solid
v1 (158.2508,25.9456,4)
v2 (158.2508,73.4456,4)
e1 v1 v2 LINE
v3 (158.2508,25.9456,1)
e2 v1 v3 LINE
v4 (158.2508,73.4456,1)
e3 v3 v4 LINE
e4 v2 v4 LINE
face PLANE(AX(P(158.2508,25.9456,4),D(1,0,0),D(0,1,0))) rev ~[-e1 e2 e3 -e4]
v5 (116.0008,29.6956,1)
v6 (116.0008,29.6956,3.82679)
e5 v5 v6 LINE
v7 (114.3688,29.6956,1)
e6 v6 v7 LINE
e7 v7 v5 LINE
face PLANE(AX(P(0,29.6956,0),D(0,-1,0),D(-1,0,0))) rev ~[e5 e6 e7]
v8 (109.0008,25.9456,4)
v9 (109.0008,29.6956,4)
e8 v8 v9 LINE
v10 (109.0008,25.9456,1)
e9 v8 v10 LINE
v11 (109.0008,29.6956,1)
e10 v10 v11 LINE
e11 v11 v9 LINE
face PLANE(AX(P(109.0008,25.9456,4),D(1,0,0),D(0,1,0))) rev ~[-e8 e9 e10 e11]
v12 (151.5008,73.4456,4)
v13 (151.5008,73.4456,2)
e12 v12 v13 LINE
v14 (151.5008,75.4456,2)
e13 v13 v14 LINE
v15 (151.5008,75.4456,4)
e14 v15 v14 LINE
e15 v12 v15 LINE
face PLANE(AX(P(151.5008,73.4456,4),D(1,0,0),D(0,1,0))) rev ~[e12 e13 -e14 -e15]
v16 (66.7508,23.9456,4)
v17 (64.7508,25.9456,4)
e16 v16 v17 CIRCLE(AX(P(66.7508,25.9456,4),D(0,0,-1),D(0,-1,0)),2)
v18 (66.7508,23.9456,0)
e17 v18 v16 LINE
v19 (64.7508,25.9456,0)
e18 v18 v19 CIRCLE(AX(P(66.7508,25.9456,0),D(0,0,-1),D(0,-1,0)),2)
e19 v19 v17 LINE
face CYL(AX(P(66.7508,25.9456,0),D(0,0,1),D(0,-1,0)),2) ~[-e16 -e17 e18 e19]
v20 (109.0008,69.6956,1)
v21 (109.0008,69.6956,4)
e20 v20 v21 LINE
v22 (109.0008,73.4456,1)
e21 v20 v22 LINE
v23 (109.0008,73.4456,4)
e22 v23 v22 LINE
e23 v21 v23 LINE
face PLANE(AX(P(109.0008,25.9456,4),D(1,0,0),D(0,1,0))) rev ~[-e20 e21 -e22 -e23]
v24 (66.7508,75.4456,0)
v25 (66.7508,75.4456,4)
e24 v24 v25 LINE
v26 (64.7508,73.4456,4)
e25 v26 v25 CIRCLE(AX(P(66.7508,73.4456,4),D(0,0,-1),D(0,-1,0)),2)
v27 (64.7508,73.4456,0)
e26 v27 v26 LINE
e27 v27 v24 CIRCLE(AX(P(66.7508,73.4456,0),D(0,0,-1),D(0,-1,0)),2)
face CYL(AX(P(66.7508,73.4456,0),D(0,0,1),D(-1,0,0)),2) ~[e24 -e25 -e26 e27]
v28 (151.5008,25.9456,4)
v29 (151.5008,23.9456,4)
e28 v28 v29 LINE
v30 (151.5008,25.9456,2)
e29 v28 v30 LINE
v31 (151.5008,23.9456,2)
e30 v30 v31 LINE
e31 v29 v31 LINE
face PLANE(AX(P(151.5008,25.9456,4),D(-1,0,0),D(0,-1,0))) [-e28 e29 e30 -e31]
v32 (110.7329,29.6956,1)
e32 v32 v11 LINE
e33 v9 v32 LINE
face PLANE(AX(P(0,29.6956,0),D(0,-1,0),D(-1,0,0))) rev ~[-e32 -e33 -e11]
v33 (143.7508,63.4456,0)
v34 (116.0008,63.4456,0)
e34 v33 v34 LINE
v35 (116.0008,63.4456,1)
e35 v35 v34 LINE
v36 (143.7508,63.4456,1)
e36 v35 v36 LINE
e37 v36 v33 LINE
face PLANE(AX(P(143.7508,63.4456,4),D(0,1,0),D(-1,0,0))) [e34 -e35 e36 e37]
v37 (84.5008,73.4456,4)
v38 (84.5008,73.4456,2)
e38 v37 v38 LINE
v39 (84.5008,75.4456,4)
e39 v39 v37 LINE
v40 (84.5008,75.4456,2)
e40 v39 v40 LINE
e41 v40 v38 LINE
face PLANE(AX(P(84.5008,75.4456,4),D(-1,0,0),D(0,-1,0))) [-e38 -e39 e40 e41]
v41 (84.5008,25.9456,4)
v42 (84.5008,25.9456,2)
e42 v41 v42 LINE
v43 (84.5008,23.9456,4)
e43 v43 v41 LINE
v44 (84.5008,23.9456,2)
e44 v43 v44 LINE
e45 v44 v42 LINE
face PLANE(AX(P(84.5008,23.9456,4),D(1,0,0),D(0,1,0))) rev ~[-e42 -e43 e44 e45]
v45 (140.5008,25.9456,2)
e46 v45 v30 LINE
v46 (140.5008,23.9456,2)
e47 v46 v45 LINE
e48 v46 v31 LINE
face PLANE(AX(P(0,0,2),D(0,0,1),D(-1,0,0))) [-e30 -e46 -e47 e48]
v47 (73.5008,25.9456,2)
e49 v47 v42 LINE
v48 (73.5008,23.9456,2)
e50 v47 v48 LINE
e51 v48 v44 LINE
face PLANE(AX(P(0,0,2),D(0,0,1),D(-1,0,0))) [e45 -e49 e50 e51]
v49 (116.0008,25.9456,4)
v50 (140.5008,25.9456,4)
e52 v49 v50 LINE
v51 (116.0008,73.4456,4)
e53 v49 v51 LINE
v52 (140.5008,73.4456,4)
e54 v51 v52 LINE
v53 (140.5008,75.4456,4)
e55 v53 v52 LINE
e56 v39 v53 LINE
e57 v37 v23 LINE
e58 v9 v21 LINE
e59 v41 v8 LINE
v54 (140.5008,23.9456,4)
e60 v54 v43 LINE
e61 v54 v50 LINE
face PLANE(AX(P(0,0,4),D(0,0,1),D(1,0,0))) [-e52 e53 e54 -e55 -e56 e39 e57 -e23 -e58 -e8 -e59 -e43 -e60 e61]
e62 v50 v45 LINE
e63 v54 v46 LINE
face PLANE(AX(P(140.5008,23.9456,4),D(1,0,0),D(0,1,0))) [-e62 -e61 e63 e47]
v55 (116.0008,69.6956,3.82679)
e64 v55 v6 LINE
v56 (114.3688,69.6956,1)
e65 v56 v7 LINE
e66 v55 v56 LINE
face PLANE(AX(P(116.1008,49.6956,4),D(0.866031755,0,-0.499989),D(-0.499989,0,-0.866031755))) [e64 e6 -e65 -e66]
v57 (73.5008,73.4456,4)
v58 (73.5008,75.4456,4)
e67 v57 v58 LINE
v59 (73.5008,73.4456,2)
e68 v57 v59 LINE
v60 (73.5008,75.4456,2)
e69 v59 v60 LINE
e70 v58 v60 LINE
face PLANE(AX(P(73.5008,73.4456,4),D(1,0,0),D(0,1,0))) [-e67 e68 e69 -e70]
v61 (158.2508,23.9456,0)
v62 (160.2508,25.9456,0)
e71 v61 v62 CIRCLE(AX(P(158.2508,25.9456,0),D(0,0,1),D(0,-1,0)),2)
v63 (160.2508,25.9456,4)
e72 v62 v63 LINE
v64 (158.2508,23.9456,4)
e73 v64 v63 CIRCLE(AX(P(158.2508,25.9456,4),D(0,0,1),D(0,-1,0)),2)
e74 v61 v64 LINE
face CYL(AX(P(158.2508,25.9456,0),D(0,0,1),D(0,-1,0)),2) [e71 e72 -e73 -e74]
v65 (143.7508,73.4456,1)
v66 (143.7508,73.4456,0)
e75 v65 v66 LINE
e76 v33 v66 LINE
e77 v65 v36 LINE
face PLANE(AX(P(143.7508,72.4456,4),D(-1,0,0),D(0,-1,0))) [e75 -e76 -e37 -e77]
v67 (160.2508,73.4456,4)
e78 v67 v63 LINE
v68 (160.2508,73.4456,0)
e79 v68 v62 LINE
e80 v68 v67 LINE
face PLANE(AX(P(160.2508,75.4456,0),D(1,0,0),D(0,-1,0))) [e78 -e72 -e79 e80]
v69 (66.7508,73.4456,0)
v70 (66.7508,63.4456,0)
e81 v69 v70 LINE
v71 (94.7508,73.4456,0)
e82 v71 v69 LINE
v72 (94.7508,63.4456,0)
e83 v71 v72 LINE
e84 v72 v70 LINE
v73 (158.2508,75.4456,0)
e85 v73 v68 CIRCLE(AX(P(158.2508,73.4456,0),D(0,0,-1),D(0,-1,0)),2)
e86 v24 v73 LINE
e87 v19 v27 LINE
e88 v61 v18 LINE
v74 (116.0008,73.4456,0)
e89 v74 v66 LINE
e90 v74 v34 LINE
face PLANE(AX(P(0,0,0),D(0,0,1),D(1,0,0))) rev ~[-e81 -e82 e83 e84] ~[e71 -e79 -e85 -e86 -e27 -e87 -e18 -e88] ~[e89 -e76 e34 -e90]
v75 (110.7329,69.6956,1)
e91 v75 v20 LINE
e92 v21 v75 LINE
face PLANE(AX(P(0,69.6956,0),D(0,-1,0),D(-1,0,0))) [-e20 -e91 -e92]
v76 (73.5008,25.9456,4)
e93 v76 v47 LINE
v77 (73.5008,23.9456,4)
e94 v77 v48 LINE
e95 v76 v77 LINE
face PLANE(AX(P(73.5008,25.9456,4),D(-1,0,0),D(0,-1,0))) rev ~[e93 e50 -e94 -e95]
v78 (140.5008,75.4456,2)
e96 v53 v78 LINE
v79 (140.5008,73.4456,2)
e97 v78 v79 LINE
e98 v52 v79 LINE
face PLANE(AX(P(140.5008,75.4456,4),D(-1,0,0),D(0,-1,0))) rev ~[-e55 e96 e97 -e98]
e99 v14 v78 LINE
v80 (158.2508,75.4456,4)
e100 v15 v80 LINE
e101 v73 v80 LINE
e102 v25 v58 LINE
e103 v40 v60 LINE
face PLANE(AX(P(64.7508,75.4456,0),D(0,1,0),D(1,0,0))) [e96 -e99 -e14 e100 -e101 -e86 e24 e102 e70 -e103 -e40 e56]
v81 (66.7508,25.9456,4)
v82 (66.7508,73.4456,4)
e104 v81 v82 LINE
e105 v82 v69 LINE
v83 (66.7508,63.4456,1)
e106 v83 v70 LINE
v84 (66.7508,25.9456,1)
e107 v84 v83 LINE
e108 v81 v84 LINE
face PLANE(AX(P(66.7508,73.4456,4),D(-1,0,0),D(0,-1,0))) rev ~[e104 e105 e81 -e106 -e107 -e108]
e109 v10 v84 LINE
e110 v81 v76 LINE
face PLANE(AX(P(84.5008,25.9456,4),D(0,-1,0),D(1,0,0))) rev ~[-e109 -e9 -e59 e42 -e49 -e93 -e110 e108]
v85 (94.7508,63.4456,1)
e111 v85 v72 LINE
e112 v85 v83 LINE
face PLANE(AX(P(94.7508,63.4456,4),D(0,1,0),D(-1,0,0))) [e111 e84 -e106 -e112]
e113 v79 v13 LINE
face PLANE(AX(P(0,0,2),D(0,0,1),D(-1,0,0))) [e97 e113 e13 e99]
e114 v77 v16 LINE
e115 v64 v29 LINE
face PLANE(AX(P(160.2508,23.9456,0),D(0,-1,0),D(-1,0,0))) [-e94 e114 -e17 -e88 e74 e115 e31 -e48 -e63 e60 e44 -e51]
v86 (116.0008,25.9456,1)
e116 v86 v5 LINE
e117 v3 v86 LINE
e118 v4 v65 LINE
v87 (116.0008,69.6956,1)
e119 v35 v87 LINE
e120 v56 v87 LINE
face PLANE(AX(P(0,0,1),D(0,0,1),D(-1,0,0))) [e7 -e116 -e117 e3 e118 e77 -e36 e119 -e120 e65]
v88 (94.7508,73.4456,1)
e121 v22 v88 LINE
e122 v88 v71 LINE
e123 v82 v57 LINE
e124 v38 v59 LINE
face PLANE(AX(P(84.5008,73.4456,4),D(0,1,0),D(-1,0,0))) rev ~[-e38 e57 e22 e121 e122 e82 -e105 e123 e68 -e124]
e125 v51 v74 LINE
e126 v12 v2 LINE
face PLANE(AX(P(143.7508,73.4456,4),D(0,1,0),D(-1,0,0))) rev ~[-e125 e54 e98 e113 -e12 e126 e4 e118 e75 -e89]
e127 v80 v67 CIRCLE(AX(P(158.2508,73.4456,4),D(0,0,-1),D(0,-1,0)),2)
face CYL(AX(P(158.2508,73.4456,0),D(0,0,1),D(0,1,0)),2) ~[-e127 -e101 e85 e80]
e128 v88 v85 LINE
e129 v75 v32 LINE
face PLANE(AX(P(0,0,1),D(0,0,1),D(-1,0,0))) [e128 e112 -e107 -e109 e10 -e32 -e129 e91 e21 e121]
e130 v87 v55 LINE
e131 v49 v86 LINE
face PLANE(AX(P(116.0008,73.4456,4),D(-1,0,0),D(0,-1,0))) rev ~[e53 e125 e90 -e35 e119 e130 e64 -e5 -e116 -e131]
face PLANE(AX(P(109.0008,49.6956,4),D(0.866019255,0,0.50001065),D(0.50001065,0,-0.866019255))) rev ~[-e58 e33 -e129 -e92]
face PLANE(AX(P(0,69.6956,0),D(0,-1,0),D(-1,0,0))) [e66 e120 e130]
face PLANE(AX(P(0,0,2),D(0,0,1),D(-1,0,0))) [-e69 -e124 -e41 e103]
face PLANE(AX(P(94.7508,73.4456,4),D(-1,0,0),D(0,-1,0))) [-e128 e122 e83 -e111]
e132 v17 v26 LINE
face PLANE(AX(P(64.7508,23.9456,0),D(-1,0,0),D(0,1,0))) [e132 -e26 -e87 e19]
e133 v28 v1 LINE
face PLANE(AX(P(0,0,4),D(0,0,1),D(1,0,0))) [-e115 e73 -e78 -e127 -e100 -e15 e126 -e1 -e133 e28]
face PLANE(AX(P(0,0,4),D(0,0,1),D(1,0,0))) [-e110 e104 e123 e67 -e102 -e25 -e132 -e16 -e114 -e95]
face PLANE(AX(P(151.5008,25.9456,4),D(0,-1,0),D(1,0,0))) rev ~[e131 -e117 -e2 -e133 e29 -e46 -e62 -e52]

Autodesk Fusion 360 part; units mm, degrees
sketch "Schizzo1" plane through (0, 0, 0) normal (0, 0, 1) x (1, 0, 0)
  line L0 (64.6508, 75.5456) -> (160.3508, 75.5456) construction
  line L1 (160.3508, 75.5456) -> (160.3508, 23.8456) construction
  line L2 (160.3508, 23.8456) -> (64.6508, 23.8456) construction
  line L3 (64.6508, 23.8456) -> (64.6508, 75.5456) construction
  line L4 (64.6508, 49.6956) -> (160.3508, 49.6956) construction
  line L5 (112.5008, 75.5456) -> (112.5008, 23.8456) construction
  line L6 (160.2508, 23.9456) -> (64.7508, 23.9456)
  line L7 (64.7508, 23.9456) -> (64.7508, 75.4456)
  line L8 (64.7508, 75.4456) -> (160.2508, 75.4456)
  line L9 (160.2508, 75.4456) -> (160.2508, 23.9456)
  line L10 (160.2508, 23.9456) -> (64.7508, 75.4456) construction
  line L11 (64.7508, 23.9456) -> (160.2508, 75.4456) construction
  line L12 (146.3653, 67.9576) -> (78.6363, 31.4336) construction
  line L13 (78.6363, 67.9576) -> (146.3653, 31.4336) construction
  point P0 (112.5008, 49.6956)
  point P1 (112.5008, 49.6956)
  dimension "d1" = 95.7
  dimension "d2" = 51.7
  dimension "d3" = 0.1
  dimension "d4" = 0.1
extrude "Estrusione1" add sketch "Schizzo1" along normal blind 4
fillet "Raccordo1" radius 2 4 edges at (64.7508, 23.9456, 2) (64.7508, 75.4456, 2) (160.2508, 23.9456, 2) (160.2508, 75.4456, 2)
sketch "Schizzo2" plane through (0, 0, 4) normal (0, 0, 1) x (-1, 0, 0)
  arc A0 (-160.2508, -73.4456) -> (-158.2508, -75.4456) centre (-158.2508, -73.4456) ccw
  line L0 (-158.2508, -75.4456) -> (-66.7508, -75.4456)
  arc A1 (-66.7508, -75.4456) -> (-64.7508, -73.4456) centre (-66.7508, -73.4456) ccw
  line L1 (-64.7508, -73.4456) -> (-64.7508, -25.9456)
  arc A2 (-64.7508, -25.9456) -> (-66.7508, -23.9456) centre (-66.7508, -25.9456) ccw
  line L2 (-66.7508, -23.9456) -> (-158.2508, -23.9456)
  arc A3 (-158.2508, -23.9456) -> (-160.2508, -25.9456) centre (-158.2508, -25.9456) ccw
  line L3 (-160.2508, -25.9456) -> (-160.2508, -73.4456)
  line L4 (-64.7508, -75.4456) -> (-160.2508, -75.4456) construction
  line L5 (-160.2508, -75.4456) -> (-160.2508, -23.9456) construction
  line L6 (-160.2508, -23.9456) -> (-64.7508, -23.9456) construction
  line L7 (-64.7508, -23.9456) -> (-64.7508, -75.4456) construction
  line L8 (-64.7508, -49.6956) -> (-160.2508, -49.6956) construction
  line L9 (-112.5008, -75.4456) -> (-112.5008, -23.9456) construction
  line L10 (-158.2508, -73.4456) -> (-66.7508, -73.4456)
  line L11 (-66.7508, -73.4456) -> (-66.7508, -25.9456)
  line L12 (-66.7508, -25.9456) -> (-158.2508, -25.9456)
  line L13 (-158.2508, -25.9456) -> (-158.2508, -73.4456)
  line L14 (-158.2508, -73.4456) -> (-66.7508, -25.9456) construction
  line L15 (-66.7508, -73.4456) -> (-158.2508, -25.9456) construction
  line L16 (-116.0008, -25.9456) -> (-109.0008, -25.9456)
  line L17 (-109.0008, -25.9456) -> (-109.0008, -73.4456)
  line L18 (-109.0008, -73.4456) -> (-116.0008, -73.4456)
  line L19 (-116.0008, -73.4456) -> (-116.0008, -25.9456)
  line L20 (-116.0008, -25.9456) -> (-109.0008, -73.4456) construction
  line L21 (-109.0008, -25.9456) -> (-116.0008, -73.4456) construction
  line L22 (-84.5008, -72.4456) -> (-73.5008, -72.4456)
  line L23 (-73.5008, -72.4456) -> (-73.5008, -75.4456)
  line L24 (-73.5008, -75.4456) -> (-84.5008, -75.4456)
  line L25 (-84.5008, -75.4456) -> (-84.5008, -72.4456)
  line L26 (-84.5008, -72.4456) -> (-73.5008, -75.4456) construction
  line L27 (-73.5008, -72.4456) -> (-84.5008, -75.4456) construction
  line L28 (-151.5008, -72.4456) -> (-151.5008, -75.4456)
  line L29 (-151.5008, -75.4456) -> (-140.5008, -75.4456)
  line L30 (-140.5008, -72.4456) -> (-151.5008, -72.4456)
  line L31 (-140.5008, -75.4456) -> (-140.5008, -72.4456)
  line L32 (-151.5008, -72.4456) -> (-140.5008, -75.4456) construction
  line L33 (-140.5008, -72.4456) -> (-151.5008, -75.4456) construction
  line L34 (-66.7508, -73.4456) -> (-94.7508, -73.4456)
  line L35 (-94.7508, -73.4456) -> (-94.7508, -63.4456)
  line L36 (-94.7508, -63.4456) -> (-66.7508, -63.4456)
  line L37 (-66.7508, -63.4456) -> (-66.7508, -73.4456)
  line L38 (-115.7508, -73.4456) -> (-143.7508, -73.4456)
  line L39 (-143.7508, -73.4456) -> (-143.7508, -63.4456)
  line L40 (-143.7508, -63.4456) -> (-115.7508, -63.4456)
  line L41 (-115.7508, -63.4456) -> (-115.7508, -73.4456)
  line L42 (-84.5008, -26.9456) -> (-73.5008, -26.9456)
  line L43 (-73.5008, -26.9456) -> (-73.5008, -23.9456)
  line L44 (-73.5008, -23.9456) -> (-84.5008, -23.9456)
  line L45 (-84.5008, -23.9456) -> (-84.5008, -26.9456)
  line L46 (-140.5008, -26.9456) -> (-151.5008, -26.9456)
  line L47 (-140.5008, -23.9456) -> (-140.5008, -26.9456)
  line L48 (-151.5008, -26.9456) -> (-151.5008, -23.9456)
  line L49 (-151.5008, -23.9456) -> (-140.5008, -23.9456)
  point P0 (-112.5008, -49.6956)
  point P1 (-112.5008, -49.6956)
  point P2 (-79.0008, -73.9456)
  point P3 (-146.0008, -73.9456)
  dimension "d9" = 2
  dimension "d10" = 2
  dimension "d11" = 7
  dimension "d14" = 11
  dimension "d15" = 3
  dimension "d16" = 67
  dimension "d19" = 28
  dimension "d20" = 10
  dimension "d21" = 28
  dimension "d22" = 10
  dimension "d23" = 49
extrude "Estrusione2" cut sketch "Schizzo2" against normal blind 3 contours L10 L28 L30 L39 | L10 L12 L13 L19 L28 L30 L39 L40 L46 L47 L48 | L10 L19 L30 L31 L38 L39 L40 | L10 L30 L31 L38 L39 | L12 L46 L47 L48 | L10 L22 L23 L25 L34 | L10 L11 L22 L23 L25 L34 L35 L36 L37 | L10 L11 L12 L17 L35 L36 L42 L43 L45 | L12 L42 L43 L45
extrude "Estrusione4" cut sketch "Schizzo2" against normal blind 4 contours L10 L19 L30 L31 L38 L39 L40 | L10 L30 L31 L38 L39 | L10 L22 L23 L25 L34 | L10 L11 L22 L23 L25 L34 L35 L36 L37
extrude "Estrusione5" cut sketch "Schizzo2" against normal blind 2 contours L0 L10 L28 L29 L31 L38 | L2 L12 L47 L48 L49 | L0 L10 L23 L24 L25 L34 | L2 L12 L43 L44 L45
ref_plane "Piano di lavoro1" through (112.5008, 49.6956, 4) normal (0, -1, 0) x (1, 0, 0)
sketch "Schizzo3" plane through (0, 49.6956, 0) normal (0, -1, 0) x (-1, 0, 0)
  line L0 (-64.7508, -4) -> (-160.3508, -4) construction
  line L1 (-160.3508, -4) -> (-160.3508, 0) construction
  line L2 (-160.3508, 0) -> (-64.7508, 0) construction
  line L3 (-64.7508, 0) -> (-64.7508, -4) construction
  line L4 (-109.0008, -1) -> (-109.0008, -4) construction
  line L5 (-64.7508, -1) -> (-160.3508, -1) construction
  line L6 (-94.7508, -1) -> (-109.0008, -1) construction
  line L7 (-109.0008, -4) -> (-109.0008, 0) construction
  line L8 (-116, -4) -> (-116, 0) construction
  line L9 (-109.0008, -1) -> (-109.0008, -4)
  line L10 (-109.0008, -4) -> (-110.7329, -1)
  line L11 (-110.7329, -1) -> (-109.0008, -1)
  line L12 (-110.7329, -1) -> (-109.0008, -4)
  line L13 (-109.0008, -4) -> (-109.0008, -1)
  line L14 (-112.5508, -4) -> (-112.5508, 0) construction
  line L15 (-116.1008, -4) -> (-114.3688, -1)
  line L16 (-116.1008, -4) -> (-116.1008, 0) construction
  line L17 (-114.3688, -1) -> (-116.1008, -1)
  line L18 (-116.1008, -4) -> (-116.1008, -1)
  point P0 (-64.7508, -4)
  point P1 (-160.3508, 0)
  point P2 (-109.0008, -4)
  dimension "d29" = 30
extrude "Estrusione6" cut sketch "Schizzo3" along normal mid plane 40
equation "d21 = d19"
equation "d22 = d20"
